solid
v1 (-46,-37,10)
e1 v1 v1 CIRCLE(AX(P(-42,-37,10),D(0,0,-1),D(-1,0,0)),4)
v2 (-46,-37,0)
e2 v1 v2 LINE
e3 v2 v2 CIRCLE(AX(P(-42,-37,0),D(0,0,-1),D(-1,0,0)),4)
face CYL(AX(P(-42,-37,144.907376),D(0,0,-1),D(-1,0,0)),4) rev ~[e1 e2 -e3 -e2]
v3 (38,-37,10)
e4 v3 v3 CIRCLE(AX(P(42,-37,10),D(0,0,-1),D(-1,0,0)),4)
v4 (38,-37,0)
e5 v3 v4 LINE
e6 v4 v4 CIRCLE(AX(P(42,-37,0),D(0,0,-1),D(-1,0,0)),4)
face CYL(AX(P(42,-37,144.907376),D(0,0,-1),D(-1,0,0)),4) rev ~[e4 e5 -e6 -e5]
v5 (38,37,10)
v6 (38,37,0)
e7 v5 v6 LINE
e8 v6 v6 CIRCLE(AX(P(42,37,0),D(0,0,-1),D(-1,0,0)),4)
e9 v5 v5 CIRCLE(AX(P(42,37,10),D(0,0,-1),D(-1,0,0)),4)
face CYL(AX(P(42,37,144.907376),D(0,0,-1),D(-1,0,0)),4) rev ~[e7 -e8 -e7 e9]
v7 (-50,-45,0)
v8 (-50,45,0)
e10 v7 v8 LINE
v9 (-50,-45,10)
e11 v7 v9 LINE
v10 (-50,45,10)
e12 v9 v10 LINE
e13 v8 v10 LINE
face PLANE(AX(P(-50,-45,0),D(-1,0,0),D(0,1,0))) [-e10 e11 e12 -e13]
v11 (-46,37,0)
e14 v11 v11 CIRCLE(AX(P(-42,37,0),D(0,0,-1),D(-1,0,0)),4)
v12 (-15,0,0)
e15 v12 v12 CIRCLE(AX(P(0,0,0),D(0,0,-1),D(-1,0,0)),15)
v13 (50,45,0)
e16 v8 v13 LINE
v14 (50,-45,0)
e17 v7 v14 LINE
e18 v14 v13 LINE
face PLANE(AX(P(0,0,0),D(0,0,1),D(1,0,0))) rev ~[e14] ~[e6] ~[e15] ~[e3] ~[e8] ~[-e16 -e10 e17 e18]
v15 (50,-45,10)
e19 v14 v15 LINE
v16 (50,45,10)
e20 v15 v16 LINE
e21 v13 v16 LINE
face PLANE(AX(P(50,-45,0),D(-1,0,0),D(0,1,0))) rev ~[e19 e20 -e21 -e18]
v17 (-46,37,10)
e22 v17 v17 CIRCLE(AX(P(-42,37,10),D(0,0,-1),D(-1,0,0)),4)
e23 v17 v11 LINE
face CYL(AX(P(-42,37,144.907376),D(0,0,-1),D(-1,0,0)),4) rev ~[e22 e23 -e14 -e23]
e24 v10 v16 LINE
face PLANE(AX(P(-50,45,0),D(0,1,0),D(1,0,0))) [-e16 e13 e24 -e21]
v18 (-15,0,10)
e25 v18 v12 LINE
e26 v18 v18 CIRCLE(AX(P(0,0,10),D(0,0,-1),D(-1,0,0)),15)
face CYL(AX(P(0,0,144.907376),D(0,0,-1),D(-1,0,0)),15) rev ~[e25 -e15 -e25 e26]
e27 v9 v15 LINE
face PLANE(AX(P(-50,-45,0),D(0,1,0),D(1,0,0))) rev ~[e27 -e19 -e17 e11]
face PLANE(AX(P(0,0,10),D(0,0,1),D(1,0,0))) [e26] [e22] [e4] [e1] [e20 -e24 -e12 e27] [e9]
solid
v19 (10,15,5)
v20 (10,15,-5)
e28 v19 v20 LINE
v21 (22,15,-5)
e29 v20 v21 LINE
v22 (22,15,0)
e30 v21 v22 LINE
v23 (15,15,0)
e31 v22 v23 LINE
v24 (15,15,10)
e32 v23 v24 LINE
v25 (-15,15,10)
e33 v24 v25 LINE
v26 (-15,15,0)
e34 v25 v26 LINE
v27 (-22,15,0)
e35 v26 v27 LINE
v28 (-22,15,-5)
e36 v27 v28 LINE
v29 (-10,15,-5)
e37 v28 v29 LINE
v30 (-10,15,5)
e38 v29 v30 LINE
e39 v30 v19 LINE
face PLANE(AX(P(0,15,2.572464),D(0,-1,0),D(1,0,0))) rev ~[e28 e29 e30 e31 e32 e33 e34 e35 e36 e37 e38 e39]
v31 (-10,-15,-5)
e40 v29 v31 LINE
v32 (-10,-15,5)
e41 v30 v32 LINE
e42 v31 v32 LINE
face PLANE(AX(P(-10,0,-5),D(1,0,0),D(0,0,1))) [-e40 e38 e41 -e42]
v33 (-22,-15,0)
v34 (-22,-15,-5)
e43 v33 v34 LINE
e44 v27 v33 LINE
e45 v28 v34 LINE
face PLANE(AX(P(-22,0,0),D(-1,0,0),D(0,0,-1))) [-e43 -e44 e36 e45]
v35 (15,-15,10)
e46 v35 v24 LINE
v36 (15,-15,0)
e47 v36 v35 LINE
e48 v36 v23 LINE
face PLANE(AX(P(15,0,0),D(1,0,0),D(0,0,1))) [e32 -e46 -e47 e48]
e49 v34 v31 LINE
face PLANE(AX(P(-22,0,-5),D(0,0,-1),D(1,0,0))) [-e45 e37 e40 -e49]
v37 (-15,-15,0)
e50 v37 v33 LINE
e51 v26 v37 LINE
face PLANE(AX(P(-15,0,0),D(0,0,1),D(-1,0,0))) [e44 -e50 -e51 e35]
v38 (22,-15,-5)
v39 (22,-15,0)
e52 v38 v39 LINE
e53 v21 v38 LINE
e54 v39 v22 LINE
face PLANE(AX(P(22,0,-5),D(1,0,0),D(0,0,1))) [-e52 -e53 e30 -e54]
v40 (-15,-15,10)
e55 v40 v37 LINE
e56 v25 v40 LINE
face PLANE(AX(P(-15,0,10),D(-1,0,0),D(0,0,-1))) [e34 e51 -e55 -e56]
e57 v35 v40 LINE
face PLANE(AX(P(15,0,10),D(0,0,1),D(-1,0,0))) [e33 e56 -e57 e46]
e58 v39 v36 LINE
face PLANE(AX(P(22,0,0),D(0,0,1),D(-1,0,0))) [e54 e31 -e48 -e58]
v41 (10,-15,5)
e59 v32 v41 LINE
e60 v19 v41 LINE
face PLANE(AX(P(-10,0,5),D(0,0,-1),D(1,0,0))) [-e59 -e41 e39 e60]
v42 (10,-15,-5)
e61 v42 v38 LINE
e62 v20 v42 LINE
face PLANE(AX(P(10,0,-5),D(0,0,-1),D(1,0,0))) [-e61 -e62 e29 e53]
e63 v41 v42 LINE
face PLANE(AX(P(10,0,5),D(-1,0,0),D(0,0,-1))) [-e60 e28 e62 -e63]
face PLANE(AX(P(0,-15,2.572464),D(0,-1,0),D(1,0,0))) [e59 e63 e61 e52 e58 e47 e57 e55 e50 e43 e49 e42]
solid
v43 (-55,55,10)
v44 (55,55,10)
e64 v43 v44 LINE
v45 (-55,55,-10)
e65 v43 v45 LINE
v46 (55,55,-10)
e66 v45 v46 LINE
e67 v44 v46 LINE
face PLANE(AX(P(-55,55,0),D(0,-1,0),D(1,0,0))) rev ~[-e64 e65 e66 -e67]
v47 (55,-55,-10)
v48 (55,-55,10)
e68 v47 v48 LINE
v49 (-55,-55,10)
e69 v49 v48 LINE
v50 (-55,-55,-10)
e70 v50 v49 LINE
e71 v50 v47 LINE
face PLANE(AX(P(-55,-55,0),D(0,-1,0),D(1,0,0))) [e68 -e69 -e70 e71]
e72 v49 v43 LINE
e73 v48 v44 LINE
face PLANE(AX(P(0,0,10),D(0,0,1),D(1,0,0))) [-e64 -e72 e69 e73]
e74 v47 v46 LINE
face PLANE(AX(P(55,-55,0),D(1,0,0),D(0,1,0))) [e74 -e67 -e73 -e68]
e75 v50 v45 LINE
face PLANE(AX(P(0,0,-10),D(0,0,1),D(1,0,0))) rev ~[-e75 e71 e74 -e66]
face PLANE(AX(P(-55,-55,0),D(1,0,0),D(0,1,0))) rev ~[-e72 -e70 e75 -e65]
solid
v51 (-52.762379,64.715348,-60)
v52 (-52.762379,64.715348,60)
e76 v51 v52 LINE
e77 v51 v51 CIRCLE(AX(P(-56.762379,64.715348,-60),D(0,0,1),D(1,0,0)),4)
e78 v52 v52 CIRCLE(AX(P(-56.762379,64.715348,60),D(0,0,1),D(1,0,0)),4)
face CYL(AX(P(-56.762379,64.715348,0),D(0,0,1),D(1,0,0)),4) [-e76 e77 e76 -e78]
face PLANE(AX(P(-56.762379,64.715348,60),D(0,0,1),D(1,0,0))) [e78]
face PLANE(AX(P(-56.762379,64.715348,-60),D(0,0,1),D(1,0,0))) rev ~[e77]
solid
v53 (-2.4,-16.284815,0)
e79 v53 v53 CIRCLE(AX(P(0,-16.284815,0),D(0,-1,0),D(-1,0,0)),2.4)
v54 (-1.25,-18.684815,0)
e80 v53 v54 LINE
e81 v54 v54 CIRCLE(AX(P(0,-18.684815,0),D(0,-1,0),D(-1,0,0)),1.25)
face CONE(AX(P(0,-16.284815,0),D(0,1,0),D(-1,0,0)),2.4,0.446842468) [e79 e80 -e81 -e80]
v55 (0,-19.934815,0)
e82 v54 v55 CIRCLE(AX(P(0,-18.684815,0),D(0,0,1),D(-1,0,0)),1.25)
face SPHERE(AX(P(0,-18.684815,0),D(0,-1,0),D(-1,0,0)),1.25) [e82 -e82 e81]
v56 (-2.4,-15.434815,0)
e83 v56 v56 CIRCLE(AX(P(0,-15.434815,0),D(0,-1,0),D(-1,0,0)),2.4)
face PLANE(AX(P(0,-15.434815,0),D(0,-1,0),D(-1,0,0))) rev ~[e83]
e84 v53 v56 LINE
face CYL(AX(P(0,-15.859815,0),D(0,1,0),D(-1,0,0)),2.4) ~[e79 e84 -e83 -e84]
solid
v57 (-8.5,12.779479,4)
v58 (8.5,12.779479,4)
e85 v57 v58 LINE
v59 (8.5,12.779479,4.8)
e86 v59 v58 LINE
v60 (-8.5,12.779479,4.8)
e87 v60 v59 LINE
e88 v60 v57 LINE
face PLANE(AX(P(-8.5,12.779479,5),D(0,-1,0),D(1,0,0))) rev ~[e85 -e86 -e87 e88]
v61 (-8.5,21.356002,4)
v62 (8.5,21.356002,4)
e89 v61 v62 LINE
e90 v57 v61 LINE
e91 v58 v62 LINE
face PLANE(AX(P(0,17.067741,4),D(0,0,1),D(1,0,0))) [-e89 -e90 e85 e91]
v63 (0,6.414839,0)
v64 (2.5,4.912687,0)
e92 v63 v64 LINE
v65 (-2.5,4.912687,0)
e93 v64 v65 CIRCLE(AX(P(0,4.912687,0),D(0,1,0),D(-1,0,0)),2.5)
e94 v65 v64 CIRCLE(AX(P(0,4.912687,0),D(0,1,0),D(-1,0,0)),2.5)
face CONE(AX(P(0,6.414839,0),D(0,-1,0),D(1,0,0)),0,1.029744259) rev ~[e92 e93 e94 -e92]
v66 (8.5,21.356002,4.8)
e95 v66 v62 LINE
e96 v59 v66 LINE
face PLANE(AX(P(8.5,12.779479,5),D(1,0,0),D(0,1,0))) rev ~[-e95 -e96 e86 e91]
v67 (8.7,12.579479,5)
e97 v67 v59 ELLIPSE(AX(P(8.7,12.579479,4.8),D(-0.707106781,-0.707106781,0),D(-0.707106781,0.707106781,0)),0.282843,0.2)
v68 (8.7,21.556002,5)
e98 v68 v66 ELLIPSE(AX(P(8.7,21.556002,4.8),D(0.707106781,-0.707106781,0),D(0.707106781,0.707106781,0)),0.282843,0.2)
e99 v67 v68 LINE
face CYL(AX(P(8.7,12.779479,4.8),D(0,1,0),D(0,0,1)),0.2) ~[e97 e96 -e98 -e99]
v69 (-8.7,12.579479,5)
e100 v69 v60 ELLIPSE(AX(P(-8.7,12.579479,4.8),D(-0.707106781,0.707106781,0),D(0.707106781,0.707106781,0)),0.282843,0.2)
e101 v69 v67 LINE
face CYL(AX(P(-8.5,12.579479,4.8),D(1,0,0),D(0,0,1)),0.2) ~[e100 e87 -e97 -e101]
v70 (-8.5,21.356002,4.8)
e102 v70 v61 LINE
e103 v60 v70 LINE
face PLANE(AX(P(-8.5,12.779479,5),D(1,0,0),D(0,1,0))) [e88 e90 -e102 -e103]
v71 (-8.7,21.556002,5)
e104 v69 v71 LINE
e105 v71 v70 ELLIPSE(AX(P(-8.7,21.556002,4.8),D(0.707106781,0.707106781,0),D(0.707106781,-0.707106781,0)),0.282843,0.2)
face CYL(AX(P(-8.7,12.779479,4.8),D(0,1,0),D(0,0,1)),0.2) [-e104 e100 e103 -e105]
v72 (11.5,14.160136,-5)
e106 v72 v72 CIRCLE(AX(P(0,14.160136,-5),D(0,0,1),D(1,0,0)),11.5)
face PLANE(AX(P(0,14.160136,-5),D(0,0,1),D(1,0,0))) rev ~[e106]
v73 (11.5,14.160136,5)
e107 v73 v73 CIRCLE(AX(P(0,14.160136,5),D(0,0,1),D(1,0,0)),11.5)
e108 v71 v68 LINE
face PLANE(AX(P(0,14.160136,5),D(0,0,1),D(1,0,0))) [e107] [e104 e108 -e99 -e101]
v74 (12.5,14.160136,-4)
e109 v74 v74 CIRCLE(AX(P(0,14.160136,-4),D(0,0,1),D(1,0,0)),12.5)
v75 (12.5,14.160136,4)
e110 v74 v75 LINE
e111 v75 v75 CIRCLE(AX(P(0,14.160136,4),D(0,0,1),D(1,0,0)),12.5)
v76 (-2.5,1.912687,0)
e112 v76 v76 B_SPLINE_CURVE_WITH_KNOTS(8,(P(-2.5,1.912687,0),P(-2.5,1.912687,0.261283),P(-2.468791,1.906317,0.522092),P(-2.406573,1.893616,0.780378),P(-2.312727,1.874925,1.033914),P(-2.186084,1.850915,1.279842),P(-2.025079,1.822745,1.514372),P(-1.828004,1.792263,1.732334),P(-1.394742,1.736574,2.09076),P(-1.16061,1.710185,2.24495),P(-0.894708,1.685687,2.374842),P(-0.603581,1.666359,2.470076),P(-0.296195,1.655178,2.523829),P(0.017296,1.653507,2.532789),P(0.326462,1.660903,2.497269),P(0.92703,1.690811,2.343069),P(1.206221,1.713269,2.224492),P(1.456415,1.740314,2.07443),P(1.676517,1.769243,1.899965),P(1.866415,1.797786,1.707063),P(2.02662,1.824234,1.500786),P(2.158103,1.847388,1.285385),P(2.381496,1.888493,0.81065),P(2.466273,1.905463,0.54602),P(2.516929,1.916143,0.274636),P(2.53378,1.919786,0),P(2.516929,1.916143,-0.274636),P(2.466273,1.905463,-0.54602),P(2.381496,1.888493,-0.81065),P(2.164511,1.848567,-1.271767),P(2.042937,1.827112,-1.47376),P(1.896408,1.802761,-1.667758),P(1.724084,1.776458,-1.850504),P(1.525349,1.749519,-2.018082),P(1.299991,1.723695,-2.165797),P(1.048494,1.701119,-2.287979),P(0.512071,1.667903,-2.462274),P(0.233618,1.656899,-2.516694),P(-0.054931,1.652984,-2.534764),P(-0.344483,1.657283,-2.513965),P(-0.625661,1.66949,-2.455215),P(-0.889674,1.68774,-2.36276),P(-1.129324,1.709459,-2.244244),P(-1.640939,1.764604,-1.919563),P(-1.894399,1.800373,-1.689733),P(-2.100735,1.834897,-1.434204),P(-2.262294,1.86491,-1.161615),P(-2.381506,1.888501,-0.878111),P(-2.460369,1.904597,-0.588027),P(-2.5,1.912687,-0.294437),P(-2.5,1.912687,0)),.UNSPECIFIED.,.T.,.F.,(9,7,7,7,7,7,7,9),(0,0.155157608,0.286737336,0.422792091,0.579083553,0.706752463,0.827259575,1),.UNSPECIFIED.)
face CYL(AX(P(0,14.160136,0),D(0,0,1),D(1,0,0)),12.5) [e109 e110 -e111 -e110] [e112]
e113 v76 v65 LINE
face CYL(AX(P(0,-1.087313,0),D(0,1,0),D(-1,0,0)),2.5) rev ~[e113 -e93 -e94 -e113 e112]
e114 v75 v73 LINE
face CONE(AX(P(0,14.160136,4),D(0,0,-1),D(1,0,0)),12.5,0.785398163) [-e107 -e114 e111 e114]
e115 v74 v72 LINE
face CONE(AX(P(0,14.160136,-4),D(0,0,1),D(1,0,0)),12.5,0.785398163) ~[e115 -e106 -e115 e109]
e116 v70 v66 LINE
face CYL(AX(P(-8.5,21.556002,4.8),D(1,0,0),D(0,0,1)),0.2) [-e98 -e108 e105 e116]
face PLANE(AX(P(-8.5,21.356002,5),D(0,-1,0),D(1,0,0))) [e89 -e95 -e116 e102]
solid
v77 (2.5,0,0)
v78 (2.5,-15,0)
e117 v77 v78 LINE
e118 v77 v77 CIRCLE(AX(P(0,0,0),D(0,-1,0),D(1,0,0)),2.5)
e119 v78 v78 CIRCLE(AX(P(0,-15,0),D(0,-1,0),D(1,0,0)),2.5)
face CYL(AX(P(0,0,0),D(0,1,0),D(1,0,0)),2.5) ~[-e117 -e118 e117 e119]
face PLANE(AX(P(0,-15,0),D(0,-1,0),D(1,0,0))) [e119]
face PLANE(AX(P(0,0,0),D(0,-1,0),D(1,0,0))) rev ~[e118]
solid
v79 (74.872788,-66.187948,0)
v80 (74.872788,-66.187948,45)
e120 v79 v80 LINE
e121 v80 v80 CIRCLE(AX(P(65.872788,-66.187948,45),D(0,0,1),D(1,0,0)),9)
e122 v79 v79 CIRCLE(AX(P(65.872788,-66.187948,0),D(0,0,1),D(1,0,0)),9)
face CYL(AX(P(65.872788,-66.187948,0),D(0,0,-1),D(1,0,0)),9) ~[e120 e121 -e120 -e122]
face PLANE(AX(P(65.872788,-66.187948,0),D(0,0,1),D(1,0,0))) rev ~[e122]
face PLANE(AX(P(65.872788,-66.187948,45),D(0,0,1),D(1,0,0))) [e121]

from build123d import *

# Parameters (mm, degrees)
F0_W           = 100
F0_H           = 90
F1_DEPTH       = 10
F3_D           = 8
F4_R           = 9
F5_DEPTH       = 45
F6_R           = 4
F7_DEPTH       = 60
F7_DEPTH_BACK  = 60
F8_W           = 110
F8_H           = 110
F9_DEPTH       = 10
F9_DEPTH_BACK  = 10
F11_D          = 30
F12_R          = 12.5
F13_DEPTH      = 5
F13_DEPTH_BACK = 5
F14_R          = 2.5
F15_DEPTH      = 15
F16_W          = 2.4
F16_H          = 0.85
F18_W          = 17
F18_H          = 8.5765231597
F19_DEPTH      = 1
F20_SIZE       = 1
F21_R          = 0.2
F23_D          = 5
F23_DEPTH      = 3
F23_START      = 1.9126872
F23_TIP        = 1.5021515476
F25_DEPTH      = 15
F25_DEPTH_BACK = 15


with BuildPart() as f1:
    # F0 (on Top) → F1 (new body)
    with BuildSketch(Plane.XY):
        Rectangle(F0_W, F0_H)
    extrude(amount=F1_DEPTH)

    # F3 (through all)
    with Locations(Plane.XY.offset(10)):
        with Locations((-42, 37), (42, 37), (42, -37), (-42, -37)):
            Hole(F3_D / 2)

    # F11 (through all)
    with Locations(Plane.XY.offset(10)):
        with Locations((0, 0)):
            Hole(F11_D / 2)


with BuildPart() as f5:
    # F4 (on Top) → F5 (new body)
    with BuildSketch(Plane.XY):
        with Locations((65.8727884293, -66.1879479885)):
            Circle(F4_R)
    extrude(amount=F5_DEPTH)


with BuildPart() as f7:
    # F6 (on Top) → F7 (new body, two sides)
    with BuildSketch(Plane.XY) as f7_sk:
        with Locations((-56.7623786628, 64.7153481841)):
            Circle(F6_R)
    extrude(amount=F7_DEPTH)
    extrude(f7_sk.sketch, amount=-F7_DEPTH_BACK)


with BuildPart() as f9:
    # F8 (on Top) → F9 (new body, two sides)
    with BuildSketch(Plane.XY) as f9_sk:
        Rectangle(F8_W, F8_H)
    extrude(amount=F9_DEPTH)
    extrude(f9_sk.sketch, amount=-F9_DEPTH_BACK)


with BuildPart() as f13:
    # F12 (on Top) → F13 (new body, two sides)
    with BuildSketch(Plane.XY) as f13_sk:
        with Locations((0, 14.160135775)):
            Circle(F12_R)
    extrude(amount=F13_DEPTH)
    extrude(f13_sk.sketch, amount=-F13_DEPTH_BACK)

    # F18 (on face) → F19 (cut)
    with BuildSketch(Plane.XY.offset(5)):
        with Locations((0, 17.0677408393)):
            Rectangle(F18_W, F18_H)
    extrude(amount=-F19_DEPTH, mode=Mode.SUBTRACT)

    # F20
    f20_edges = [f13.edges().sort_by_distance(p)[0] for p in [
        (-12.5, 14.160136, -5),
        (-12.5, 14.160136, 5),
    ]]
    chamfer(f20_edges, length=F20_SIZE)

    # F21
    f21_edges = [f13.edges().sort_by_distance(p)[0] for p in [
        (0, 21.356002, 5),
        (8.5, 17.067741, 5),
        (0, 12.779479, 5),
        (-8.5, 17.067741, 5),
    ]]
    fillet(f21_edges, radius=F21_R)

    # F23
    # its depths count from where the whole tool has entered the part; down to there all is cleared
    with Locations(Plane.XZ.offset(-F23_START)):
        with Locations((0, 0)):
            Hole(F23_D / 2, depth=F23_DEPTH)
            with Locations((0, 0, -(F23_DEPTH + F23_TIP / 2))):  # 118° drill point
                Cone(0, F23_D / 2, F23_TIP, mode=Mode.SUBTRACT)


with BuildPart() as f15:
    # F14 (on Front) → F15 (new body)
    with BuildSketch(Plane.XZ):
        Circle(F14_R)
    extrude(amount=F15_DEPTH)


with BuildPart() as f17:
    # F16 (on Top) → F17 (revolve)
    with BuildSketch(Plane.XY):
        with Locations((-1.2, -15.8598149988)):
            Rectangle(F16_W, F16_H)
        Polygon((0, -16.2848149988), (-2.4, -16.2848149988), (-1.25, -18.6848149988), (0, -18.6848149988), align=None)
        with BuildLine():
            Line((0, -18.6848149988), (-1.25, -18.6848149988))
            ThreePointArc((-1.25, -18.6848149988), (-0.8838834765, -19.5686984753), (0, -19.9348149988))
            Line((0, -19.9348149988), (0, -18.6848149988))
        make_face()
    revolve(axis=Axis((0, -17.6848149988, 0), (0, -1, 0)))


with BuildPart() as f25:
    # F24 (on Front) → F25 (new body, two sides)
    with BuildSketch(Plane.XZ) as f25_sk:
        Polygon((15, 10), (-15, 10), (-15, 0), (-22, 0), (-22, -5), (-15, -5), (-10, -5), (-10, 5), (10, 5), (10, -5), (15, -5), (22, -5), (22, 0), (15, 0), align=None)
    extrude(amount=F25_DEPTH)
    extrude(f25_sk.sketch, amount=-F25_DEPTH_BACK)


solid = Compound([f1.part, f5.part, f7.part, f9.part, f13.part, f15.part, f17.part, f25.part])
